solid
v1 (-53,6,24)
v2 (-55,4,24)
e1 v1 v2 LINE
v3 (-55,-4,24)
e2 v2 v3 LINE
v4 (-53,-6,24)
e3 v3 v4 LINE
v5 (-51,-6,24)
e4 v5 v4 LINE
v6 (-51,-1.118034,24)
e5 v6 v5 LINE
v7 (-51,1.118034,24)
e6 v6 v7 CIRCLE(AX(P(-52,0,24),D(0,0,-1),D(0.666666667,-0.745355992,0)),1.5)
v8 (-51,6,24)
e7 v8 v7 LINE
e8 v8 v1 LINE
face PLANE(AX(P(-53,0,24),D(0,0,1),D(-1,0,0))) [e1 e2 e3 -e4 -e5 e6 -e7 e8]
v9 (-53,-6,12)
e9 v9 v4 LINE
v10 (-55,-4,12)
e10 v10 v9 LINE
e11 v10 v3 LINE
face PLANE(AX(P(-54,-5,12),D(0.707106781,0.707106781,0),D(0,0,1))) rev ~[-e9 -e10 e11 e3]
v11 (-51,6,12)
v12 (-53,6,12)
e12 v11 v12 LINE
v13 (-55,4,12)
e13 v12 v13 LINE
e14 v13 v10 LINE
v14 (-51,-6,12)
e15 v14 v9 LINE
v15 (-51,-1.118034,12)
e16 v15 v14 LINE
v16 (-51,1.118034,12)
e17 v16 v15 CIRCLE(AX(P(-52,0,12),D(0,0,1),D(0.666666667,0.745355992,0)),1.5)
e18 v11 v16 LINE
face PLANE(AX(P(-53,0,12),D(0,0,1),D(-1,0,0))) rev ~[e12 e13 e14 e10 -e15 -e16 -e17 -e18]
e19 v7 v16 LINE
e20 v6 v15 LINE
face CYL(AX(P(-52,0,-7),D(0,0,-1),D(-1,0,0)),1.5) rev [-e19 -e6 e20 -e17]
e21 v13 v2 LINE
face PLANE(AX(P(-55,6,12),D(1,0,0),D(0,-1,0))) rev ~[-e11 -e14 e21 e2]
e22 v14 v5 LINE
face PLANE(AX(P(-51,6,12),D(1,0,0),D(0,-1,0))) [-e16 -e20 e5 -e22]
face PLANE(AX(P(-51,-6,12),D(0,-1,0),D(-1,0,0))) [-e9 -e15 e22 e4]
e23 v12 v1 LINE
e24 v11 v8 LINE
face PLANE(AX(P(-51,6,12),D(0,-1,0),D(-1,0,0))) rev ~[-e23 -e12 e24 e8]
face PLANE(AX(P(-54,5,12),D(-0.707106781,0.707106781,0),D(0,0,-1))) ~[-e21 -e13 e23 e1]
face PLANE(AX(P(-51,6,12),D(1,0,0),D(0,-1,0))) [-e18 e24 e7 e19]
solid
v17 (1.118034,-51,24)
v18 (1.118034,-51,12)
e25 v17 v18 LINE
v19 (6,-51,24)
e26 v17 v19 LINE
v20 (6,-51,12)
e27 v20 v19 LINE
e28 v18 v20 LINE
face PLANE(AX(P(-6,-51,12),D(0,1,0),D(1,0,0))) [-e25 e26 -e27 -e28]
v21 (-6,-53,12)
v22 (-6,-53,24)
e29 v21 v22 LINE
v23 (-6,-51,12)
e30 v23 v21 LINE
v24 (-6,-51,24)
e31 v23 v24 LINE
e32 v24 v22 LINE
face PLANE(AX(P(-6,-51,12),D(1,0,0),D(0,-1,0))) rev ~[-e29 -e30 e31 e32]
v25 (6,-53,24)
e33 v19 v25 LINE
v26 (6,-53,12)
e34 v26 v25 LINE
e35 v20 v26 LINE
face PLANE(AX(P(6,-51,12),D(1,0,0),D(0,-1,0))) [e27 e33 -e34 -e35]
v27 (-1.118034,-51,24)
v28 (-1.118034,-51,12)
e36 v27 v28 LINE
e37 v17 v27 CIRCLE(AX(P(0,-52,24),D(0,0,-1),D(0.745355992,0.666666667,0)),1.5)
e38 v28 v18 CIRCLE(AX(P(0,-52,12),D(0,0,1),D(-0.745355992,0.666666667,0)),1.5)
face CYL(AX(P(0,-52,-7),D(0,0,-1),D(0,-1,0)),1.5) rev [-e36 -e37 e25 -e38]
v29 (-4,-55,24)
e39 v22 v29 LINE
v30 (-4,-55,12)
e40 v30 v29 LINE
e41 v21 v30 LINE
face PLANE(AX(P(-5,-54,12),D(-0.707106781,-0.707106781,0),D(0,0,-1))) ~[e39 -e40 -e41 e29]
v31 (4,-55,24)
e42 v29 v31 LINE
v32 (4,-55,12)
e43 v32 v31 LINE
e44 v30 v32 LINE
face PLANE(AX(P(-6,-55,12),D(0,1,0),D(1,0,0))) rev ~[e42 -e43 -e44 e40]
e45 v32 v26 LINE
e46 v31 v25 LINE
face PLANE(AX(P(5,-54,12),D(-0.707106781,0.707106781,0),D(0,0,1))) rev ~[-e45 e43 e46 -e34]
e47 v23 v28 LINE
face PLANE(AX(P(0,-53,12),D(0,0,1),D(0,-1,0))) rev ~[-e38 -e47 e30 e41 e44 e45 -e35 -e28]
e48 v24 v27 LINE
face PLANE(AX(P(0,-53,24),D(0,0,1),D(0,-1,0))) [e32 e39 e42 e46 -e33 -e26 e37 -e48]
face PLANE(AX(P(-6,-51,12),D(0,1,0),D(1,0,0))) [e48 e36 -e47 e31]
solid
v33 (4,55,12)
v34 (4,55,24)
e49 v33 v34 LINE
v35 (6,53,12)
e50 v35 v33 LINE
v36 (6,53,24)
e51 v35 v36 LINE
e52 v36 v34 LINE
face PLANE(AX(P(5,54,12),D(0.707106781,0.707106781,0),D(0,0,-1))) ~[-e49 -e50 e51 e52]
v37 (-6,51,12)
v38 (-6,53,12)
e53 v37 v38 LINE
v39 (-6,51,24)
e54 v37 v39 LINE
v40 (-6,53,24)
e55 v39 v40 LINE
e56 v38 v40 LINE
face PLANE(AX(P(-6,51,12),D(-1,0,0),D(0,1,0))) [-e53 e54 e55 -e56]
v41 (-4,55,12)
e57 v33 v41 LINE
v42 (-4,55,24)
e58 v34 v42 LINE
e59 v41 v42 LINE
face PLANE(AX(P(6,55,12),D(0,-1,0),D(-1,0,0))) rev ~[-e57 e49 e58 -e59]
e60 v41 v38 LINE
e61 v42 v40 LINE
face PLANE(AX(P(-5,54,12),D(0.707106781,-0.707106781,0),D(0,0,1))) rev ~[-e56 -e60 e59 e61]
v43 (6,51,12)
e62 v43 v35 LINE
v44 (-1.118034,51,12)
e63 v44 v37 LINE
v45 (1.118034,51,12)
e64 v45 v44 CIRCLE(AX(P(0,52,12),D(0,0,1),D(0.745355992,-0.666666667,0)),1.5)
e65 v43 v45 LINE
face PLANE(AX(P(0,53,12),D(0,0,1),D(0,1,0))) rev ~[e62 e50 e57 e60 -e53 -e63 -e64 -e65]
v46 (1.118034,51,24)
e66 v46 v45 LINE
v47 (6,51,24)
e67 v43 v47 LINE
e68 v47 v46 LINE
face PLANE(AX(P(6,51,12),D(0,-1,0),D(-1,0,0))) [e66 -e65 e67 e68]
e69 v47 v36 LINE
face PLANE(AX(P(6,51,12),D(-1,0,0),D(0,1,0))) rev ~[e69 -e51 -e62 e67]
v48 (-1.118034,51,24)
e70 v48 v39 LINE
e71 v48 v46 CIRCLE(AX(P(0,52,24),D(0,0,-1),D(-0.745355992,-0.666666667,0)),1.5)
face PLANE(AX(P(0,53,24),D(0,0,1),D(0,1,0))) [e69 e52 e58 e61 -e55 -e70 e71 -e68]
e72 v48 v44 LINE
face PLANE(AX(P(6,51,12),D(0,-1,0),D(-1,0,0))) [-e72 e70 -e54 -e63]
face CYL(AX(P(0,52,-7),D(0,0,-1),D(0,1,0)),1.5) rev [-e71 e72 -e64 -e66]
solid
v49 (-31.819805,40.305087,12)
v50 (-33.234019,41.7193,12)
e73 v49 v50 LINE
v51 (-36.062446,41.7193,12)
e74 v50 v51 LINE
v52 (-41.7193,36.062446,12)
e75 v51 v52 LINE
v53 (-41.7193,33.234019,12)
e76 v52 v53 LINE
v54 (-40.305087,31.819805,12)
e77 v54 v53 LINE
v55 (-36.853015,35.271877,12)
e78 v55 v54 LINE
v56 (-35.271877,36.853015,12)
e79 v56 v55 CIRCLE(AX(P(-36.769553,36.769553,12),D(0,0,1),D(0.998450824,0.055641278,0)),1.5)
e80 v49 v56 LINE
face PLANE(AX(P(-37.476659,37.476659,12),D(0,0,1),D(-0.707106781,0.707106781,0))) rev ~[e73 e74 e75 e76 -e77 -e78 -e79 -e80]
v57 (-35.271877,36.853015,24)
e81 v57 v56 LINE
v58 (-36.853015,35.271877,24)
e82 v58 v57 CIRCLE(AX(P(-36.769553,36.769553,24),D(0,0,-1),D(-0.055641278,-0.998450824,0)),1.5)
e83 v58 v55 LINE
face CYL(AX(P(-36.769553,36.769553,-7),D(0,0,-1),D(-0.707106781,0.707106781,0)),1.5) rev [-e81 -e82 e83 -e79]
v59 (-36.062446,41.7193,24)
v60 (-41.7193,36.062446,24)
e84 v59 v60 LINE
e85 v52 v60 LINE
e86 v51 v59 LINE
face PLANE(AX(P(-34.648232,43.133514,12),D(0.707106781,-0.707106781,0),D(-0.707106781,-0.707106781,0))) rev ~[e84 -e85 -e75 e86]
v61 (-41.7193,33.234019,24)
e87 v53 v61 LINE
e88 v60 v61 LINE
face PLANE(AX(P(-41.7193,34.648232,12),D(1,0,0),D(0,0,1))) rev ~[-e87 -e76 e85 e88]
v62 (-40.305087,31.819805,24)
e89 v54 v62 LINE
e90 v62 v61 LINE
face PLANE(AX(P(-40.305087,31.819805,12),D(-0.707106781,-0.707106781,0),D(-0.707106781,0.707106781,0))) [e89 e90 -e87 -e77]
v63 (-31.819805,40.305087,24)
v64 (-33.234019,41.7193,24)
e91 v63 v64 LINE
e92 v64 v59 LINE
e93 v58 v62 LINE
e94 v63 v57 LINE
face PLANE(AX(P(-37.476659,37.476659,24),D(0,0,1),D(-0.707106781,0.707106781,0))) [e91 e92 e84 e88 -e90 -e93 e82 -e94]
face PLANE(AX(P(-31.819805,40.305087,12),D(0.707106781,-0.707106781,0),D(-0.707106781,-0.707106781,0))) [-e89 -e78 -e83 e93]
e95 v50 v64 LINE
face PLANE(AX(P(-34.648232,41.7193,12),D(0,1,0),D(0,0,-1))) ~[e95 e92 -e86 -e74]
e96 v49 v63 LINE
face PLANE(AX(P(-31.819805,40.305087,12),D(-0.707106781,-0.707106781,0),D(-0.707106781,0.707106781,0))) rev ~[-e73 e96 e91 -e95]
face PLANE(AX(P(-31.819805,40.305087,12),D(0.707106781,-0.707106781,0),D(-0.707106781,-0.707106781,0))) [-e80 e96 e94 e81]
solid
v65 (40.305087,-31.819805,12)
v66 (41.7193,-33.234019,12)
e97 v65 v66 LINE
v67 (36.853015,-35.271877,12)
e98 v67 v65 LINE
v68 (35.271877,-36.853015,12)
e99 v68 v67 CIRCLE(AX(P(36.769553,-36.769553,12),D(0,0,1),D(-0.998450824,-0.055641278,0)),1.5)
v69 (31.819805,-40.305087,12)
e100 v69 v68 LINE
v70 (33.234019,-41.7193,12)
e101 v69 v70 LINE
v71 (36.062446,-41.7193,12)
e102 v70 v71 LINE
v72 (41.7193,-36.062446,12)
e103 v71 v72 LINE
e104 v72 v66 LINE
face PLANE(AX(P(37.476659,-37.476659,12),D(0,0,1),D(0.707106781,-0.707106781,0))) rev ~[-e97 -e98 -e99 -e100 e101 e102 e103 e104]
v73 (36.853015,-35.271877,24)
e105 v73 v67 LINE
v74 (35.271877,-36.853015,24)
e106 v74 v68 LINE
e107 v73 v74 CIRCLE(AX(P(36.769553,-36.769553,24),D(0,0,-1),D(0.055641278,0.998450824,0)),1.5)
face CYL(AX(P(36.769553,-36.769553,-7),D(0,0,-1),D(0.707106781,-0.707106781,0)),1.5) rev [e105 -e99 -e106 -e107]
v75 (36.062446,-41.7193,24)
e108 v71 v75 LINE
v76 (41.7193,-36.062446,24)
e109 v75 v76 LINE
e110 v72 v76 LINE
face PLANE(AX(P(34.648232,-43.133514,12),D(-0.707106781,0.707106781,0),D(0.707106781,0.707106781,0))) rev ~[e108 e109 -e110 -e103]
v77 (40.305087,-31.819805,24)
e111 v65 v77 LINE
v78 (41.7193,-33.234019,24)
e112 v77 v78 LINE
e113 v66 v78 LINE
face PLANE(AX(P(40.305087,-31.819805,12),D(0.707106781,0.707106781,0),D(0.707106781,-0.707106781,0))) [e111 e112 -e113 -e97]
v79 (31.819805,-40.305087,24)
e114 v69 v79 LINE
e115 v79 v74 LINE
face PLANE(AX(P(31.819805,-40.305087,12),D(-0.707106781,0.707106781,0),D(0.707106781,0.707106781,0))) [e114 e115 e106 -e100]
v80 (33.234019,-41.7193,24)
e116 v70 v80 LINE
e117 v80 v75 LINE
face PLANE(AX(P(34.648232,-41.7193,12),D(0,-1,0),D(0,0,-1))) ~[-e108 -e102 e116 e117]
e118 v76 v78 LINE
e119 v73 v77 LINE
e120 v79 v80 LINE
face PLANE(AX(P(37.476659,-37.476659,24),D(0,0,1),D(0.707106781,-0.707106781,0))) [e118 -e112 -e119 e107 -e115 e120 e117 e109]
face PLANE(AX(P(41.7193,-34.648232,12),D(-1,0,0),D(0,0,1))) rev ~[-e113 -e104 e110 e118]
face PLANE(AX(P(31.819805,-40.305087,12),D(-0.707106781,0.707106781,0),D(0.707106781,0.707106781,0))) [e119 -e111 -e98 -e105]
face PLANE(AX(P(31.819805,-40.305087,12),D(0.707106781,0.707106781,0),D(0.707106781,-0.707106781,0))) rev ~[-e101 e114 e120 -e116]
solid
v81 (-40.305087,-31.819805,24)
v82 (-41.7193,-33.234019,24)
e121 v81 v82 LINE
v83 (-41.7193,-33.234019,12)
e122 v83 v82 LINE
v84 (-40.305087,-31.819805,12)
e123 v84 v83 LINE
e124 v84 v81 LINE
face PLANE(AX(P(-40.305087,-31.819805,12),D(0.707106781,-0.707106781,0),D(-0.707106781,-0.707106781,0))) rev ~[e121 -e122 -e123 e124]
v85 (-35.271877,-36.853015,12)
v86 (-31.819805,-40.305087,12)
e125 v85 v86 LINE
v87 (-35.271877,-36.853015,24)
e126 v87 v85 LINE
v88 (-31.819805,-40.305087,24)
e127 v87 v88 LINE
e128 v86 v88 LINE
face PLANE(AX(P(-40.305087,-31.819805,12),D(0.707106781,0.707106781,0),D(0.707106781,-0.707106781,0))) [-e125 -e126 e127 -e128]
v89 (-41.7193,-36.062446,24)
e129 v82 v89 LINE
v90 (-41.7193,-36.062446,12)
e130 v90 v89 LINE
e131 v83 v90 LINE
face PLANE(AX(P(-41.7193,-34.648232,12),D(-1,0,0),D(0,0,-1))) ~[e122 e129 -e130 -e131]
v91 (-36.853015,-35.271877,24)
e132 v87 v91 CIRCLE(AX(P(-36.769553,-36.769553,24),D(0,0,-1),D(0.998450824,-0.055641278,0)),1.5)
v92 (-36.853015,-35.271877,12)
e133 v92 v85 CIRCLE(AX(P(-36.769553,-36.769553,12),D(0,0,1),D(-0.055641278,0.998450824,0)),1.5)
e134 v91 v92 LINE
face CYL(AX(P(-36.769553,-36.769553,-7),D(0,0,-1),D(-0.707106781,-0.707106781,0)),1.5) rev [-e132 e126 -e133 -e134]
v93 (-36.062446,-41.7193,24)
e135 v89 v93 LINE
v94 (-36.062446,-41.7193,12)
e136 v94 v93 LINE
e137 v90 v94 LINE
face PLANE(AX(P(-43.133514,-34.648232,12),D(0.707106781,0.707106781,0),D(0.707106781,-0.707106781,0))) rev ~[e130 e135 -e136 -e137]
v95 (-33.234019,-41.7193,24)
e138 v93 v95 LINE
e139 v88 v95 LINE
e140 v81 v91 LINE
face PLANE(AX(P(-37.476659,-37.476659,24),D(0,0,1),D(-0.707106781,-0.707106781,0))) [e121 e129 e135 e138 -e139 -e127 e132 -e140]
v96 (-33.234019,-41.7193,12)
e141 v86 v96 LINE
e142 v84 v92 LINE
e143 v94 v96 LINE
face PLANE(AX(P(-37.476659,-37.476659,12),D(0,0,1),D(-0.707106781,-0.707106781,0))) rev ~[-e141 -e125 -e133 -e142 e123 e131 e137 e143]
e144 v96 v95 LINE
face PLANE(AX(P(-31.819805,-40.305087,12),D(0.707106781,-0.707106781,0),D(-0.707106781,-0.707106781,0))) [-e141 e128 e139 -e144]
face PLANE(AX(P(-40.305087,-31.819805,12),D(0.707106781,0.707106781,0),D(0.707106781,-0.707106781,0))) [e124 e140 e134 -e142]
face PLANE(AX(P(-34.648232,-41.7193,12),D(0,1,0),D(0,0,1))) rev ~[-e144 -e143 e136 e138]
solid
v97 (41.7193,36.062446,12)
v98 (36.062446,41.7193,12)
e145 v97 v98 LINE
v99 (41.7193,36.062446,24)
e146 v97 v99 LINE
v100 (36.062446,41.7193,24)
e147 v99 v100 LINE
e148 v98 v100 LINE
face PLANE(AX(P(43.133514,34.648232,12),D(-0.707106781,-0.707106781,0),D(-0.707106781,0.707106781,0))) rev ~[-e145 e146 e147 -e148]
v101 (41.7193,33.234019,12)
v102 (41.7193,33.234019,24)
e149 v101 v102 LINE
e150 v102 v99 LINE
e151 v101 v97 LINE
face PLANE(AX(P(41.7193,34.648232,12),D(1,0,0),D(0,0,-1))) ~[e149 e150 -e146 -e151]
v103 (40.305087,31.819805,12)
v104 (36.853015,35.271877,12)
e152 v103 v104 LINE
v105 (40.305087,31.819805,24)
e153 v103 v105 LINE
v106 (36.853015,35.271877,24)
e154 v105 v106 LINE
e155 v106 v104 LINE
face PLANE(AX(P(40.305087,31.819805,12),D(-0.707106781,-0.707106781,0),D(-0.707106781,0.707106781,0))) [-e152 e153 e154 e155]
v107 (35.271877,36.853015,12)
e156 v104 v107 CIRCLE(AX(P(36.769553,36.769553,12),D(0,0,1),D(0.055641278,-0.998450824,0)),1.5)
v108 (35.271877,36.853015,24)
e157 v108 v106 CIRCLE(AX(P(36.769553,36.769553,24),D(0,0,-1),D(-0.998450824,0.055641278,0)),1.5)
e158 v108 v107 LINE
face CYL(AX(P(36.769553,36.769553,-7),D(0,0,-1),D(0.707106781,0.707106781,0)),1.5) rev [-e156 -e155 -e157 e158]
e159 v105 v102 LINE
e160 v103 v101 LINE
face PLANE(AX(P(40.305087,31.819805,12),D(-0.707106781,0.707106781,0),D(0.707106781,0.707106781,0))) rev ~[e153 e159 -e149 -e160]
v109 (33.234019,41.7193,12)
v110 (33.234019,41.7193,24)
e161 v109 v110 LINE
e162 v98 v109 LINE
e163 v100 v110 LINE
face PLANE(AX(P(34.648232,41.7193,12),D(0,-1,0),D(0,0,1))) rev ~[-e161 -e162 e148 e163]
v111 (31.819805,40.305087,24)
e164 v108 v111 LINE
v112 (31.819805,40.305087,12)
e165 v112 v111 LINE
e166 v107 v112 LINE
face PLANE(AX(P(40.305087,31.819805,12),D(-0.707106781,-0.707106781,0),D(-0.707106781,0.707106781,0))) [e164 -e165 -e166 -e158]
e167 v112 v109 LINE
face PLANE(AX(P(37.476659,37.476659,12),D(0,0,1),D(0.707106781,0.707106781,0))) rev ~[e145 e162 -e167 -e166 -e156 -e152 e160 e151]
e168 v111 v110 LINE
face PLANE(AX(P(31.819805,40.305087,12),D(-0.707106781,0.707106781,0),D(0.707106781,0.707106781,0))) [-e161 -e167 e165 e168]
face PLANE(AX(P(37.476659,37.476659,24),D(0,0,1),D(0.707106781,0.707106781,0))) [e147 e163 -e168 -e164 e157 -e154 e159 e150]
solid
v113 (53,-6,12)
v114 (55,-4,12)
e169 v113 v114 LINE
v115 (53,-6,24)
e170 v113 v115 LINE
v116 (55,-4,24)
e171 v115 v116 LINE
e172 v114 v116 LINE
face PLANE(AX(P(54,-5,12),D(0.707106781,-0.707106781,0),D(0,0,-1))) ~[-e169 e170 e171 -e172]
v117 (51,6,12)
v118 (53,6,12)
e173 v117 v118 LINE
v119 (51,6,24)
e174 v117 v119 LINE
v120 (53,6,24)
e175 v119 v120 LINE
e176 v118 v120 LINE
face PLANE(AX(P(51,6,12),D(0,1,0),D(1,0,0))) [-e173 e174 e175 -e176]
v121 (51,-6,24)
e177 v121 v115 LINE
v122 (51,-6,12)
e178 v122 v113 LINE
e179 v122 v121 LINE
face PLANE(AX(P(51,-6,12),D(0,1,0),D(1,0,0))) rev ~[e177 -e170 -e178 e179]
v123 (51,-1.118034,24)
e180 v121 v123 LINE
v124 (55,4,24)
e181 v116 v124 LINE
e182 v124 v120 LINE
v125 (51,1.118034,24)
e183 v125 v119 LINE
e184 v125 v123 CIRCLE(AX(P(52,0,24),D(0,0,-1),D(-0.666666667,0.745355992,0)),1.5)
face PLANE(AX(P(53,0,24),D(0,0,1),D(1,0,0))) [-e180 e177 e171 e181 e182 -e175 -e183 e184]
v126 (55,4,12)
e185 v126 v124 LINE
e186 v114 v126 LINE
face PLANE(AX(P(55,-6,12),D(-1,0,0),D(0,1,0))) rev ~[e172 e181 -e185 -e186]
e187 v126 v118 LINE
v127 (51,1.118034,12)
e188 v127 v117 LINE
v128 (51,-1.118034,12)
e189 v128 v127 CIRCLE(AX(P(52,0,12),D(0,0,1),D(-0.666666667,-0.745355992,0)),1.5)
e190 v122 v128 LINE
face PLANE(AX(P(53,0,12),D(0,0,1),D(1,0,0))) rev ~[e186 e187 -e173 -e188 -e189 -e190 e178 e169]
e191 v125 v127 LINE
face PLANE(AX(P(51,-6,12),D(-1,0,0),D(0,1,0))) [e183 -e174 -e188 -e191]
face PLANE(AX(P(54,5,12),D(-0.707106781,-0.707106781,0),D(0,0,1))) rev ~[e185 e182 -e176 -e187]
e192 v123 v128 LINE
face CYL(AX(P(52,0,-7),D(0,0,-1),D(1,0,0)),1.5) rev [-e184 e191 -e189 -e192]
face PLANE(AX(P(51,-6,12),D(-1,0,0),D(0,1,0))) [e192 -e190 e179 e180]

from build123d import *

# Parameters (mm, degrees)
CYLINDER1215_R               = 1.5
CYLINDER1215_DEPTH           = 50
CYLINDER1215_PLACEMENT_ANGLE = 45
CYLINDER1213_R               = 1.5
CYLINDER1213_DEPTH           = 50
CYLINDER1220_R               = 1.5
CYLINDER1220_DEPTH           = 50
CYLINDER1220_PLACEMENT_ANGLE = 135
CYLINDER1216_R               = 1.5
CYLINDER1216_DEPTH           = 50
CYLINDER1217_R               = 1.5
CYLINDER1217_DEPTH           = 50
CYLINDER1217_PLACEMENT_ANGLE = 225
CYLINDER1218_R               = 1.5
CYLINDER1218_DEPTH           = 50
CYLINDER1219_R               = 1.5
CYLINDER1219_DEPTH           = 50
CYLINDER1219_PLACEMENT_ANGLE = 45
CYLINDER1214_R               = 1.5
CYLINDER1214_DEPTH           = 50
BOX511_W                     = 4
BOX511_H                     = 12
BOX511_DEPTH                 = 12
CHAMFER018_SIZE              = 2
CHAMFER018_PLACEMENT_ANGLE   = 45
CHAMFER019_SIZE              = 2
CHAMFER019_PLACEMENT_ANGLE   = 90
CHAMFER020_SIZE              = 2
CHAMFER020_PLACEMENT_ANGLE   = 135
CHAMFER021_SIZE              = 2
CHAMFER021_PLACEMENT_ANGLE   = 180
CHAMFER022_SIZE              = 2
CHAMFER022_PLACEMENT_ANGLE   = 225
CHAMFER023_SIZE              = 2
CHAMFER023_PLACEMENT_ANGLE   = 90
CHAMFER024_SIZE              = 2
CHAMFER024_PLACEMENT_ANGLE   = 45
CHAMFER017_SIZE              = 2


with BuildPart() as v_lec1215:
    # Cylinder1215 → Cylinder1215 (new body)
    with BuildSketch(Plane.XY):
        Circle(CYLINDER1215_R)
    extrude(amount=CYLINDER1215_DEPTH)


with BuildPart() as v_lec1215_1:
    # Cylinder1215 placement: moved
    add(v_lec1215.part.moved(Location((36.769553, 36.769553, 0))).rotate(Axis((36.769553, 36.769553, 0), (0, 0, 1)), CYLINDER1215_PLACEMENT_ANGLE))


with BuildPart() as v_lec1213:
    # Cylinder1213 → Cylinder1213 (new body)
    with BuildSketch(Plane(origin=(0, 52, 0), x_dir=(0, 1, 0), z_dir=(0, 0, 1))):
        Circle(CYLINDER1213_R)
    extrude(amount=CYLINDER1213_DEPTH)


with BuildPart() as v_lec1220:
    # Cylinder1220 → Cylinder1220 (new body)
    with BuildSketch(Plane.XY):
        Circle(CYLINDER1220_R)
    extrude(amount=CYLINDER1220_DEPTH)


with BuildPart() as v_lec1220_1:
    # Cylinder1220 placement: moved
    add(v_lec1220.part.moved(Location((-36.769553, 36.769553, 0))).rotate(Axis((-36.769553, 36.769553, 0), (0, 0, 1)), CYLINDER1220_PLACEMENT_ANGLE))


with BuildPart() as v_lec1216:
    # Cylinder1216 → Cylinder1216 (new body)
    with BuildSketch(Plane(origin=(-52, 0, 0), x_dir=(-1, 0, 0), z_dir=(0, 0, 1))):
        Circle(CYLINDER1216_R)
    extrude(amount=CYLINDER1216_DEPTH)


with BuildPart() as v_lec1217:
    # Cylinder1217 → Cylinder1217 (new body)
    with BuildSketch(Plane.XY):
        Circle(CYLINDER1217_R)
    extrude(amount=CYLINDER1217_DEPTH)


with BuildPart() as v_lec1217_1:
    # Cylinder1217 placement: moved
    add(v_lec1217.part.moved(Location((-36.769553, -36.769553, 0))).rotate(Axis((-36.769553, -36.769553, 0), (0, 0, 1)), CYLINDER1217_PLACEMENT_ANGLE))


with BuildPart() as v_lec1218:
    # Cylinder1218 → Cylinder1218 (new body)
    with BuildSketch(Plane(origin=(0, -52, 0), x_dir=(0, -1, 0), z_dir=(0, 0, 1))):
        Circle(CYLINDER1218_R)
    extrude(amount=CYLINDER1218_DEPTH)


with BuildPart() as v_lec1219:
    # Cylinder1219 → Cylinder1219 (new body)
    with BuildSketch(Plane.XY):
        Circle(CYLINDER1219_R)
    extrude(amount=CYLINDER1219_DEPTH)


with BuildPart() as v_lec1219_1:
    # Cylinder1219 placement: moved
    add(v_lec1219.part.moved(Location((36.769553, -36.769553, 0))).rotate(Axis((36.769553, -36.769553, 0), (0, 0, -1)), CYLINDER1219_PLACEMENT_ANGLE))


with BuildPart() as compound899:
    # Cylinder1214 → Cylinder1214 (new body)
    with BuildSketch(Plane(origin=(52, 0, 0), x_dir=(1, 0, 0), z_dir=(0, 0, 1))):
        Circle(CYLINDER1214_R)
    extrude(amount=CYLINDER1214_DEPTH)

    # Compound899: union Válec1215, Válec1213, Válec1220, Válec1216, Válec1217, Válec1218, Válec1219
    add(v_lec1215_1.part)
    add(v_lec1213.part)
    add(v_lec1220_1.part)
    add(v_lec1216.part)
    add(v_lec1217_1.part)
    add(v_lec1218.part)
    add(v_lec1219_1.part)


with BuildPart() as compound899_1:
    # Compound899 placement: moved
    add(compound899.part.moved(Location((0, 0, -7))))


with BuildPart() as krychle511:
    # Box511 → Box511 (new body)
    with BuildSketch(Plane(origin=(51, -6, 12), x_dir=(1, 0, 0), z_dir=(0, 0, 1))):
        with Locations((2, 6)):
            Rectangle(BOX511_W, BOX511_H)
    extrude(amount=BOX511_DEPTH)


with BuildPart() as chamfer018:
    # Chamfer018 base: copy of Krychle511
    add(krychle511.part)

    # Chamfer018
    chamfer018_edges = [chamfer018.edges().sort_by_distance(p)[0] for p in [
        (55, -6, 18),
        (55, 6, 18),
    ]]
    chamfer(chamfer018_edges, length=CHAMFER018_SIZE)


with BuildPart() as chamfer018_1:
    # Chamfer018 placement: moved
    add(chamfer018.part.rotate(Axis((0, 0, 0), (0, 0, 1)), CHAMFER018_PLACEMENT_ANGLE))


with BuildPart() as chamfer019:
    # Chamfer019 base: copy of Krychle511
    add(krychle511.part)

    # Chamfer019
    chamfer019_edges = [chamfer019.edges().sort_by_distance(p)[0] for p in [
        (55, -6, 18),
        (55, 6, 18),
    ]]
    chamfer(chamfer019_edges, length=CHAMFER019_SIZE)


with BuildPart() as chamfer019_1:
    # Chamfer019 placement: moved
    add(chamfer019.part.rotate(Axis((0, 0, 0), (0, 0, 1)), CHAMFER019_PLACEMENT_ANGLE))


with BuildPart() as chamfer020:
    # Chamfer020 base: copy of Krychle511
    add(krychle511.part)

    # Chamfer020
    chamfer020_edges = [chamfer020.edges().sort_by_distance(p)[0] for p in [
        (55, -6, 18),
        (55, 6, 18),
    ]]
    chamfer(chamfer020_edges, length=CHAMFER020_SIZE)


with BuildPart() as chamfer020_1:
    # Chamfer020 placement: moved
    add(chamfer020.part.rotate(Axis((0, 0, 0), (0, 0, 1)), CHAMFER020_PLACEMENT_ANGLE))


with BuildPart() as chamfer021:
    # Chamfer021 base: copy of Krychle511
    add(krychle511.part)

    # Chamfer021
    chamfer021_edges = [chamfer021.edges().sort_by_distance(p)[0] for p in [
        (55, -6, 18),
        (55, 6, 18),
    ]]
    chamfer(chamfer021_edges, length=CHAMFER021_SIZE)


with BuildPart() as chamfer021_1:
    # Chamfer021 placement: moved
    add(chamfer021.part.rotate(Axis((0, 0, 0), (0, 0, 1)), CHAMFER021_PLACEMENT_ANGLE))


with BuildPart() as chamfer022:
    # Chamfer022 base: copy of Krychle511
    add(krychle511.part)

    # Chamfer022
    chamfer022_edges = [chamfer022.edges().sort_by_distance(p)[0] for p in [
        (55, -6, 18),
        (55, 6, 18),
    ]]
    chamfer(chamfer022_edges, length=CHAMFER022_SIZE)


with BuildPart() as chamfer022_1:
    # Chamfer022 placement: moved
    add(chamfer022.part.rotate(Axis((0, 0, 0), (0, 0, 1)), CHAMFER022_PLACEMENT_ANGLE))


with BuildPart() as chamfer023:
    # Chamfer023 base: copy of Krychle511
    add(krychle511.part)

    # Chamfer023
    chamfer023_edges = [chamfer023.edges().sort_by_distance(p)[0] for p in [
        (55, -6, 18),
        (55, 6, 18),
    ]]
    chamfer(chamfer023_edges, length=CHAMFER023_SIZE)


with BuildPart() as chamfer023_1:
    # Chamfer023 placement: moved
    add(chamfer023.part.rotate(Axis((0, 0, 0), (0, 0, -1)), CHAMFER023_PLACEMENT_ANGLE))


with BuildPart() as chamfer024:
    # Chamfer024 base: copy of Krychle511
    add(krychle511.part)

    # Chamfer024
    chamfer024_edges = [chamfer024.edges().sort_by_distance(p)[0] for p in [
        (55, -6, 18),
        (55, 6, 18),
    ]]
    chamfer(chamfer024_edges, length=CHAMFER024_SIZE)


with BuildPart() as chamfer024_1:
    # Chamfer024 placement: moved
    add(chamfer024.part.rotate(Axis((0, 0, 0), (0, 0, -1)), CHAMFER024_PLACEMENT_ANGLE))


with BuildPart() as cut449:
    # Chamfer017 base: copy of Krychle511
    add(krychle511.part)

    # Chamfer017
    chamfer017_edges = [cut449.edges().sort_by_distance(p)[0] for p in [
        (55, -6, 18),
        (55, 6, 18),
    ]]
    chamfer(chamfer017_edges, length=CHAMFER017_SIZE)

    # Compound901: union Chamfer018, Chamfer019, Chamfer020, Chamfer021, Chamfer022, Chamfer023, Chamfer024
    add(chamfer018_1.part)
    add(chamfer019_1.part)
    add(chamfer020_1.part)
    add(chamfer021_1.part)
    add(chamfer022_1.part)
    add(chamfer023_1.part)
    add(chamfer024_1.part)

    # Cut449: cut Compound899
    add(compound899_1.part, mode=Mode.SUBTRACT)


solid = cut449.part
